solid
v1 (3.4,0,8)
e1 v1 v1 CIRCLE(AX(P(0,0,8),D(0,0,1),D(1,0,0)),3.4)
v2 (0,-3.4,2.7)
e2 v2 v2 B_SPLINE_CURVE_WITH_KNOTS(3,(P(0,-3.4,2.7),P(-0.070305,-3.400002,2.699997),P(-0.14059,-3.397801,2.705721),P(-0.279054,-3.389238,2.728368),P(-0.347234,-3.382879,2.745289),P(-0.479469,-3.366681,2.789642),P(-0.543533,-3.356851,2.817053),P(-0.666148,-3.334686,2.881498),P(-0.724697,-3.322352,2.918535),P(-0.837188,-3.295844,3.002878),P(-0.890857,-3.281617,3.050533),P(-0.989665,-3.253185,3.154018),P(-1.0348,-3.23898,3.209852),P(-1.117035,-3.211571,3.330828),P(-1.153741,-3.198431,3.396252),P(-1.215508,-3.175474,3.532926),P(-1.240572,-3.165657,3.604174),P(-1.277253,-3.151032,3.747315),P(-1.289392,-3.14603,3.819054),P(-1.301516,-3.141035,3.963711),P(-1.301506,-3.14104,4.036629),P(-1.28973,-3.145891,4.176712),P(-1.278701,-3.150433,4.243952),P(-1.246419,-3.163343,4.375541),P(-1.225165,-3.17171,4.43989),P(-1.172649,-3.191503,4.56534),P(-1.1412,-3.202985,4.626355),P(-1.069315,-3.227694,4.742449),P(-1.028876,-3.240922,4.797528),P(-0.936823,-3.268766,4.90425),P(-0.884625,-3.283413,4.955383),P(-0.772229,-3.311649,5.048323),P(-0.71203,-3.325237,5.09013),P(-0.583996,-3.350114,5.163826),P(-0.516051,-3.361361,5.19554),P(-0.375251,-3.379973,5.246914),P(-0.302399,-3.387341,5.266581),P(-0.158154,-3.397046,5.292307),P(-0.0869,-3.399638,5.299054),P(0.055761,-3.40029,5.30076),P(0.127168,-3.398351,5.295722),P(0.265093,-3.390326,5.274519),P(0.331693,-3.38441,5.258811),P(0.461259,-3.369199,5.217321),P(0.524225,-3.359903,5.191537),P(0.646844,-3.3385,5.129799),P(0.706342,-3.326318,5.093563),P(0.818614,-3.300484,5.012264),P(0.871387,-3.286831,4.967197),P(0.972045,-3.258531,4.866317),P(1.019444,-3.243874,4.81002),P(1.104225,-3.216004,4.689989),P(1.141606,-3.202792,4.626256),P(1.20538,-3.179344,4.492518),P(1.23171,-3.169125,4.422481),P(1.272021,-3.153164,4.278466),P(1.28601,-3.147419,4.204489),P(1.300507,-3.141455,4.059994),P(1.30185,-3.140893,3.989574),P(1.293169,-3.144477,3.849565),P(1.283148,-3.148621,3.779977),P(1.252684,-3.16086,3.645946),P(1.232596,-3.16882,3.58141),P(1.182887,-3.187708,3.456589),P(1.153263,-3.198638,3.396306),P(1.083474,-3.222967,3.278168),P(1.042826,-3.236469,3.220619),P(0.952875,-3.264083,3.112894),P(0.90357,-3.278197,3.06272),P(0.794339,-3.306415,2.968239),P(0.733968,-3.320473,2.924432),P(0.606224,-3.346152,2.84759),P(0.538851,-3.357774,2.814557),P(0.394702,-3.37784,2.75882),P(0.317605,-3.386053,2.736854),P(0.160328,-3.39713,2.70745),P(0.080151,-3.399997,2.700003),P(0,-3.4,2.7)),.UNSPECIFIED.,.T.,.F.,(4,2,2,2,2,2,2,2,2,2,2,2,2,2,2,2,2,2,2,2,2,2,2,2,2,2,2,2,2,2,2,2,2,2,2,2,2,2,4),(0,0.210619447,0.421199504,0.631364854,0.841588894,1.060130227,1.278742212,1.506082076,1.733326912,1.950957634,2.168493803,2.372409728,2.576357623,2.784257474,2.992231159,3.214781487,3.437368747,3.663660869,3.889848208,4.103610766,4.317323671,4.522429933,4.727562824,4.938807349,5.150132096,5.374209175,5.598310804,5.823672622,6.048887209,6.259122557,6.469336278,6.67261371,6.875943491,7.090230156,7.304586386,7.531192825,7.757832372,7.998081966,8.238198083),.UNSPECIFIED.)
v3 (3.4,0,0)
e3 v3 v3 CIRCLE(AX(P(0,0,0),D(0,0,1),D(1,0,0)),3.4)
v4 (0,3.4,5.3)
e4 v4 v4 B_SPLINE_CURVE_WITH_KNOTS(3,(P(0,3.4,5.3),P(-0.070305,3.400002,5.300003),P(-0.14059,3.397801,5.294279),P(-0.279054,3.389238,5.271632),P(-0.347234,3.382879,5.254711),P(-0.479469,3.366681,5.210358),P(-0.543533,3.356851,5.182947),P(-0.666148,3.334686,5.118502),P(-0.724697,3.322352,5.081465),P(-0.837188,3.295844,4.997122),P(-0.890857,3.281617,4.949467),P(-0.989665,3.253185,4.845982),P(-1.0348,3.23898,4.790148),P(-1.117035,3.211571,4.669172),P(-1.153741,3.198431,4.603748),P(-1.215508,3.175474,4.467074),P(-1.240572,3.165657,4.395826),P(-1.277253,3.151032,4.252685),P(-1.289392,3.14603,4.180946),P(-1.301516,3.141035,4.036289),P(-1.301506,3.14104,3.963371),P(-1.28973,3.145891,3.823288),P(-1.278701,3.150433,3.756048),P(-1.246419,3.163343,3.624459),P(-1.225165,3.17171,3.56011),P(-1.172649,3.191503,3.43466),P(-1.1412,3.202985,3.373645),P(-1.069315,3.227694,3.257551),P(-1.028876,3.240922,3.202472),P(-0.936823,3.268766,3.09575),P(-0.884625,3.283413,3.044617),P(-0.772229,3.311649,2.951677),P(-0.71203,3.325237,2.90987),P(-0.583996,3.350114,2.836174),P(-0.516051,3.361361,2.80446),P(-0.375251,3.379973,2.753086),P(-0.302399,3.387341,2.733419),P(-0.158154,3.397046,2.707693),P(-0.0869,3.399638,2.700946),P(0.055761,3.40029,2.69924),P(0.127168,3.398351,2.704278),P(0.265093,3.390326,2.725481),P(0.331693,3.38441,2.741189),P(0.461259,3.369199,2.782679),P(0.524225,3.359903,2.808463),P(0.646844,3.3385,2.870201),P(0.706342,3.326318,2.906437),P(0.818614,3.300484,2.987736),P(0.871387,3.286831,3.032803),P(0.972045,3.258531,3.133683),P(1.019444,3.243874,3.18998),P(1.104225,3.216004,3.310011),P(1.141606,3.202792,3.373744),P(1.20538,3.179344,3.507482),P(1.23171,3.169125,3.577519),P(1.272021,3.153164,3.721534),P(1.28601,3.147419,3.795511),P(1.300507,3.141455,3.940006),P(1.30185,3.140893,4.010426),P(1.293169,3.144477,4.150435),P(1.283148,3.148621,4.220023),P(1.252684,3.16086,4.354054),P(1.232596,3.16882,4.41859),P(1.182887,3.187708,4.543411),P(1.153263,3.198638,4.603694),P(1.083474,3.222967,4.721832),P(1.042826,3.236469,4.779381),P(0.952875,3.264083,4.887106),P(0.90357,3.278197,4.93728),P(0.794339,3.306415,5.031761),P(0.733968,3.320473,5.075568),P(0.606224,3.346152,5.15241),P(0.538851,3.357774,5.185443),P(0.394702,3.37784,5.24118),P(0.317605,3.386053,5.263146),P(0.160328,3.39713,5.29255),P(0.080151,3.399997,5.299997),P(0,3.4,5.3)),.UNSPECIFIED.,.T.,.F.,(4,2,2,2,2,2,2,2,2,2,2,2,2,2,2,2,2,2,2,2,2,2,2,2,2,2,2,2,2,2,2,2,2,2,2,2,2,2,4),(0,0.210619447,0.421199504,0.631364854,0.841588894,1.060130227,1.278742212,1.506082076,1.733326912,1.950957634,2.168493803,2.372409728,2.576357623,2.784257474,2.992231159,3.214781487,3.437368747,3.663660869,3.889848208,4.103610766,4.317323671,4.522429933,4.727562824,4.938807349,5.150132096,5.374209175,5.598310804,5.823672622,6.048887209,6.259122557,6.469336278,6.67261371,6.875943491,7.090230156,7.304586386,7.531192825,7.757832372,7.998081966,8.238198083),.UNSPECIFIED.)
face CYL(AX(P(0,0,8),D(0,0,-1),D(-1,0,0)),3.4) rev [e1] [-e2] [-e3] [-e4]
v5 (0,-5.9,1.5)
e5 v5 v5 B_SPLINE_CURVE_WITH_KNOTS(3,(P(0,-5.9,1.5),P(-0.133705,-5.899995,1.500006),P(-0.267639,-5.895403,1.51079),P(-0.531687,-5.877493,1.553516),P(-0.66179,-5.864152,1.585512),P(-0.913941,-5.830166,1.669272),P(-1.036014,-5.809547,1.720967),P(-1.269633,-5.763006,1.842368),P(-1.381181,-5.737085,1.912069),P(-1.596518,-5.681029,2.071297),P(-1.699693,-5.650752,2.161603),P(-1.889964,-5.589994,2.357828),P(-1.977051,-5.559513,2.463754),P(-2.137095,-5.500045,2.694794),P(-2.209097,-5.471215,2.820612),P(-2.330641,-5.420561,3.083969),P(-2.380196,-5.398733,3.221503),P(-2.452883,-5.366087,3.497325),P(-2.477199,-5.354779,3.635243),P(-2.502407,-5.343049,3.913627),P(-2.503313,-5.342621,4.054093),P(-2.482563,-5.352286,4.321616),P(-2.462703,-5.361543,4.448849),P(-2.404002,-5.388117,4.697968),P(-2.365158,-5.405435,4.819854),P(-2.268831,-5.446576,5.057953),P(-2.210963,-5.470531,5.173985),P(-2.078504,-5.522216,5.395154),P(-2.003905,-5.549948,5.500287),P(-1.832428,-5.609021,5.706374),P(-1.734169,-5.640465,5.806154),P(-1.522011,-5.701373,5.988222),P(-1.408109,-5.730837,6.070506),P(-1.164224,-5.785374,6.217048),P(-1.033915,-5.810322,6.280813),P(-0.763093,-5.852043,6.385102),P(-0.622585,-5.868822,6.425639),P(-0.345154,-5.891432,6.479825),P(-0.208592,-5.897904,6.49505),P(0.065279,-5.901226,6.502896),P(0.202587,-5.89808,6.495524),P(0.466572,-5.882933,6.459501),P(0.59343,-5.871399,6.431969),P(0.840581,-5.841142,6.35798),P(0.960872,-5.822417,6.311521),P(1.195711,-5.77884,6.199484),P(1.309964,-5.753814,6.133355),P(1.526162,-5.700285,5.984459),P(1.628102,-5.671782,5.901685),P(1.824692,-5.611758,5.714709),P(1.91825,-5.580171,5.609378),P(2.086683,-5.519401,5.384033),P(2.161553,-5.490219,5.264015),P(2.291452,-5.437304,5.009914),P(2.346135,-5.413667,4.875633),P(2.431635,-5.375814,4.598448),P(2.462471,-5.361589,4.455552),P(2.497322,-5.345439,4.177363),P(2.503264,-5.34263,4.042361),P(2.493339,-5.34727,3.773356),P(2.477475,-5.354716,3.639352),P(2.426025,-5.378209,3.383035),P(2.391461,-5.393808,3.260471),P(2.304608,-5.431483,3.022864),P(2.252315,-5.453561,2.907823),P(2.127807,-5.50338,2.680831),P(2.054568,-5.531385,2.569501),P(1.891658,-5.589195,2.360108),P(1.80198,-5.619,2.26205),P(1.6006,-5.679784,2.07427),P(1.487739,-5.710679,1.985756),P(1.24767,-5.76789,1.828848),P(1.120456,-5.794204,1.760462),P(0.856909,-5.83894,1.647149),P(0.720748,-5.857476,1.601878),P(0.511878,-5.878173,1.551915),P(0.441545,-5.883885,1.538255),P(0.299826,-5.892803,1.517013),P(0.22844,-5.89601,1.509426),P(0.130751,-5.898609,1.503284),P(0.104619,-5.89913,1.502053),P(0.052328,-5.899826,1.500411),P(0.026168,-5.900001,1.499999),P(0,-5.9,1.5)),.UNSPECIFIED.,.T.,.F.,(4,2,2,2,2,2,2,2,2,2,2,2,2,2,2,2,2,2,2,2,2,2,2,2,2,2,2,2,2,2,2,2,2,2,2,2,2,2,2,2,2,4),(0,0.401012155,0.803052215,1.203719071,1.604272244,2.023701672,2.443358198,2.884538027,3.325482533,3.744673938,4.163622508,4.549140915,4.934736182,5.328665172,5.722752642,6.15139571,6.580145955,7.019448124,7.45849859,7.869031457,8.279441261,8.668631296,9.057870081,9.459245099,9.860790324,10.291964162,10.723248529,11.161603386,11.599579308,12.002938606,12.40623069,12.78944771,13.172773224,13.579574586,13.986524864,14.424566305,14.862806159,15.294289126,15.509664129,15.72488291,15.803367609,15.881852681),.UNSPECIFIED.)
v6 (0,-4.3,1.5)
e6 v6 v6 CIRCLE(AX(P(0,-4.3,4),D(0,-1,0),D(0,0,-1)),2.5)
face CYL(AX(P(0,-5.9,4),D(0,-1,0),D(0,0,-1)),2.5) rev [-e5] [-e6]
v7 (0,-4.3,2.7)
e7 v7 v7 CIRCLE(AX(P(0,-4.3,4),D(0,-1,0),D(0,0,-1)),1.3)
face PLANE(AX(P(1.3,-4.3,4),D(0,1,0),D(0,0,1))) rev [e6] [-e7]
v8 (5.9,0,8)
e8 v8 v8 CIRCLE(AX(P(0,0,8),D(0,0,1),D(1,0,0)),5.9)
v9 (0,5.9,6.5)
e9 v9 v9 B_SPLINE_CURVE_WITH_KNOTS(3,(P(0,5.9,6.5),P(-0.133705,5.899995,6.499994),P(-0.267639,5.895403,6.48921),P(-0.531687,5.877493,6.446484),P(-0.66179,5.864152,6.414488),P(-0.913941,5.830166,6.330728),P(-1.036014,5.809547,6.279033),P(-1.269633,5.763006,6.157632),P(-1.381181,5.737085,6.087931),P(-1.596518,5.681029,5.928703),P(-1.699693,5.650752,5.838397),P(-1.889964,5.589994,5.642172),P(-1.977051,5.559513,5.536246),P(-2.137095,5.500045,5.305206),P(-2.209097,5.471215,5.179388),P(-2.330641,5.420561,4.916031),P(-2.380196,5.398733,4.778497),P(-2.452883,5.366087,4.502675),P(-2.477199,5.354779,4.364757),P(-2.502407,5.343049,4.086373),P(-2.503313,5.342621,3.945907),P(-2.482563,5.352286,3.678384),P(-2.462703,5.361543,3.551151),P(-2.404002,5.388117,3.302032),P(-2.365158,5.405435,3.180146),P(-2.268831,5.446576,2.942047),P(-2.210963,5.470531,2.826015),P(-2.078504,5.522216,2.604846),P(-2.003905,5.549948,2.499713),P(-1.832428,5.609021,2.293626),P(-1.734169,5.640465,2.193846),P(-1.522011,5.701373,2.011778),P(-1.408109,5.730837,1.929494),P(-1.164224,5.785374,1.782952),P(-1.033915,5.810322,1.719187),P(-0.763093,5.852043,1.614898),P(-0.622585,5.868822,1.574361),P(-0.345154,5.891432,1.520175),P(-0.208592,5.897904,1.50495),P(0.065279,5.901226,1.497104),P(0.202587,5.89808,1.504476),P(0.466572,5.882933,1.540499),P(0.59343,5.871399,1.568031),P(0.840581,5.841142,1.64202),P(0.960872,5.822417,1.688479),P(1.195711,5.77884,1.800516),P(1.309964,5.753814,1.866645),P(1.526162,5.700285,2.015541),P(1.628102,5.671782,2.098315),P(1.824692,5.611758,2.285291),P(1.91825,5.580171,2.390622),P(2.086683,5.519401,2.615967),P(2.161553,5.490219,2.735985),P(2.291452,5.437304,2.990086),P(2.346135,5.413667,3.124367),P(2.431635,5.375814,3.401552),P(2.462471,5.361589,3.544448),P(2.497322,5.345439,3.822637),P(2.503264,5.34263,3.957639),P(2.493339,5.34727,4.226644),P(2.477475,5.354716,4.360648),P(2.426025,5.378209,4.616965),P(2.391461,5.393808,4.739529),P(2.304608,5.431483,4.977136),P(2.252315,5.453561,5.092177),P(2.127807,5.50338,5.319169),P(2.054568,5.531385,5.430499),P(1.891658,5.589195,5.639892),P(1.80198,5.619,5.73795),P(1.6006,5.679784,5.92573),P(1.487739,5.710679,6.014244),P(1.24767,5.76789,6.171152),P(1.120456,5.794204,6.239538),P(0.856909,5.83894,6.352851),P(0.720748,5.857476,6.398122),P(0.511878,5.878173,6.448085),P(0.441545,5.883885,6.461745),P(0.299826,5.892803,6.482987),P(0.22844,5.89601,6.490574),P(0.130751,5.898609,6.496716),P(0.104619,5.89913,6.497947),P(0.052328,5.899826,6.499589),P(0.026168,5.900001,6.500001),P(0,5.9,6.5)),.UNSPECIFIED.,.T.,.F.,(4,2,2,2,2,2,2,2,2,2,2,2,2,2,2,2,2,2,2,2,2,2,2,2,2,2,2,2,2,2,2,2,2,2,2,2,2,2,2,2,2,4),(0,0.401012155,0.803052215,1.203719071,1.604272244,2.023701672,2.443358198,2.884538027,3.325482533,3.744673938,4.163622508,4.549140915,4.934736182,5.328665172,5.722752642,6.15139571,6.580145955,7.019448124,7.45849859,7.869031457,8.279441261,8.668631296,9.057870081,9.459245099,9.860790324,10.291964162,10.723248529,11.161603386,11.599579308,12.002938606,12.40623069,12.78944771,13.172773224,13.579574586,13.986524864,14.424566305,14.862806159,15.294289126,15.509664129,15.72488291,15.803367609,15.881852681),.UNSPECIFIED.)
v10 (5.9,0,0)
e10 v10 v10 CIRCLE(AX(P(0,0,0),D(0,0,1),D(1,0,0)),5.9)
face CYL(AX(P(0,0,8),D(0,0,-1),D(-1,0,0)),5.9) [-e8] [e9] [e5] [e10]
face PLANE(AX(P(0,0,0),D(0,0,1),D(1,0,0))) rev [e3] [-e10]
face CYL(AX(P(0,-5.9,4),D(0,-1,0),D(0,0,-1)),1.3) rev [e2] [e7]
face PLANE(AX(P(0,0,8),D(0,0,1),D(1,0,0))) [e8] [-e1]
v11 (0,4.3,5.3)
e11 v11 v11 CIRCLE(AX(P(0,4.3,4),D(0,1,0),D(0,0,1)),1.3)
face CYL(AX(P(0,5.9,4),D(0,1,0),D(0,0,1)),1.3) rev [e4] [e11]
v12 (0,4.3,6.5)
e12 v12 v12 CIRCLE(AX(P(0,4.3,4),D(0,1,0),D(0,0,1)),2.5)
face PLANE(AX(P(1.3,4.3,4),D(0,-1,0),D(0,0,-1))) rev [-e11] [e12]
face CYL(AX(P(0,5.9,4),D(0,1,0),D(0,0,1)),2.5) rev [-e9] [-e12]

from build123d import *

# Parameters (mm, degrees)
SKETCH_1_R               = 5.9
SKETCH_1_R_2             = 3.4
EXTRUDE_1_DEPTH          = 8
PATTERN_CIRCULAR_1_COUNT = 2


with BuildPart() as part:
    # 스케치1 → 보스-돌출1 (new body)
    with BuildSketch(Plane.XY):
        Circle(SKETCH_1_R)
        Circle(SKETCH_1_R_2, mode=Mode.SUBTRACT)
    extrude(amount=EXTRUDE_1_DEPTH)

    # 스케치6 → M2 남비 머리 나사용 카운터보어3 (revolve, cut)
    with BuildSketch(Plane(origin=(0, 5.9, 4), x_dir=(0, 0, 1), z_dir=(1, 0, 0))):
        Polygon((0, 0), (0, 5.781118805), (1.3, 5), (1.3, 1.6), (2.5, 1.6), (2.5, 0), align=None)
    hole_wizard_m2_3 = revolve(axis=Axis((0, 12.25, 4), (0, -1, 0)), mode=Mode.SUBTRACT)

    # 원형 패턴1: M2 남비 머리 나사용 카운터보어3 ×2 about axis
    pattern_circular_1_axis = Axis((0, 0, 8), (0, 0, 1))
    for i in range(1, PATTERN_CIRCULAR_1_COUNT):
        add(hole_wizard_m2_3.rotate(pattern_circular_1_axis, i * 360 / PATTERN_CIRCULAR_1_COUNT), mode=Mode.SUBTRACT)


solid = part.part
